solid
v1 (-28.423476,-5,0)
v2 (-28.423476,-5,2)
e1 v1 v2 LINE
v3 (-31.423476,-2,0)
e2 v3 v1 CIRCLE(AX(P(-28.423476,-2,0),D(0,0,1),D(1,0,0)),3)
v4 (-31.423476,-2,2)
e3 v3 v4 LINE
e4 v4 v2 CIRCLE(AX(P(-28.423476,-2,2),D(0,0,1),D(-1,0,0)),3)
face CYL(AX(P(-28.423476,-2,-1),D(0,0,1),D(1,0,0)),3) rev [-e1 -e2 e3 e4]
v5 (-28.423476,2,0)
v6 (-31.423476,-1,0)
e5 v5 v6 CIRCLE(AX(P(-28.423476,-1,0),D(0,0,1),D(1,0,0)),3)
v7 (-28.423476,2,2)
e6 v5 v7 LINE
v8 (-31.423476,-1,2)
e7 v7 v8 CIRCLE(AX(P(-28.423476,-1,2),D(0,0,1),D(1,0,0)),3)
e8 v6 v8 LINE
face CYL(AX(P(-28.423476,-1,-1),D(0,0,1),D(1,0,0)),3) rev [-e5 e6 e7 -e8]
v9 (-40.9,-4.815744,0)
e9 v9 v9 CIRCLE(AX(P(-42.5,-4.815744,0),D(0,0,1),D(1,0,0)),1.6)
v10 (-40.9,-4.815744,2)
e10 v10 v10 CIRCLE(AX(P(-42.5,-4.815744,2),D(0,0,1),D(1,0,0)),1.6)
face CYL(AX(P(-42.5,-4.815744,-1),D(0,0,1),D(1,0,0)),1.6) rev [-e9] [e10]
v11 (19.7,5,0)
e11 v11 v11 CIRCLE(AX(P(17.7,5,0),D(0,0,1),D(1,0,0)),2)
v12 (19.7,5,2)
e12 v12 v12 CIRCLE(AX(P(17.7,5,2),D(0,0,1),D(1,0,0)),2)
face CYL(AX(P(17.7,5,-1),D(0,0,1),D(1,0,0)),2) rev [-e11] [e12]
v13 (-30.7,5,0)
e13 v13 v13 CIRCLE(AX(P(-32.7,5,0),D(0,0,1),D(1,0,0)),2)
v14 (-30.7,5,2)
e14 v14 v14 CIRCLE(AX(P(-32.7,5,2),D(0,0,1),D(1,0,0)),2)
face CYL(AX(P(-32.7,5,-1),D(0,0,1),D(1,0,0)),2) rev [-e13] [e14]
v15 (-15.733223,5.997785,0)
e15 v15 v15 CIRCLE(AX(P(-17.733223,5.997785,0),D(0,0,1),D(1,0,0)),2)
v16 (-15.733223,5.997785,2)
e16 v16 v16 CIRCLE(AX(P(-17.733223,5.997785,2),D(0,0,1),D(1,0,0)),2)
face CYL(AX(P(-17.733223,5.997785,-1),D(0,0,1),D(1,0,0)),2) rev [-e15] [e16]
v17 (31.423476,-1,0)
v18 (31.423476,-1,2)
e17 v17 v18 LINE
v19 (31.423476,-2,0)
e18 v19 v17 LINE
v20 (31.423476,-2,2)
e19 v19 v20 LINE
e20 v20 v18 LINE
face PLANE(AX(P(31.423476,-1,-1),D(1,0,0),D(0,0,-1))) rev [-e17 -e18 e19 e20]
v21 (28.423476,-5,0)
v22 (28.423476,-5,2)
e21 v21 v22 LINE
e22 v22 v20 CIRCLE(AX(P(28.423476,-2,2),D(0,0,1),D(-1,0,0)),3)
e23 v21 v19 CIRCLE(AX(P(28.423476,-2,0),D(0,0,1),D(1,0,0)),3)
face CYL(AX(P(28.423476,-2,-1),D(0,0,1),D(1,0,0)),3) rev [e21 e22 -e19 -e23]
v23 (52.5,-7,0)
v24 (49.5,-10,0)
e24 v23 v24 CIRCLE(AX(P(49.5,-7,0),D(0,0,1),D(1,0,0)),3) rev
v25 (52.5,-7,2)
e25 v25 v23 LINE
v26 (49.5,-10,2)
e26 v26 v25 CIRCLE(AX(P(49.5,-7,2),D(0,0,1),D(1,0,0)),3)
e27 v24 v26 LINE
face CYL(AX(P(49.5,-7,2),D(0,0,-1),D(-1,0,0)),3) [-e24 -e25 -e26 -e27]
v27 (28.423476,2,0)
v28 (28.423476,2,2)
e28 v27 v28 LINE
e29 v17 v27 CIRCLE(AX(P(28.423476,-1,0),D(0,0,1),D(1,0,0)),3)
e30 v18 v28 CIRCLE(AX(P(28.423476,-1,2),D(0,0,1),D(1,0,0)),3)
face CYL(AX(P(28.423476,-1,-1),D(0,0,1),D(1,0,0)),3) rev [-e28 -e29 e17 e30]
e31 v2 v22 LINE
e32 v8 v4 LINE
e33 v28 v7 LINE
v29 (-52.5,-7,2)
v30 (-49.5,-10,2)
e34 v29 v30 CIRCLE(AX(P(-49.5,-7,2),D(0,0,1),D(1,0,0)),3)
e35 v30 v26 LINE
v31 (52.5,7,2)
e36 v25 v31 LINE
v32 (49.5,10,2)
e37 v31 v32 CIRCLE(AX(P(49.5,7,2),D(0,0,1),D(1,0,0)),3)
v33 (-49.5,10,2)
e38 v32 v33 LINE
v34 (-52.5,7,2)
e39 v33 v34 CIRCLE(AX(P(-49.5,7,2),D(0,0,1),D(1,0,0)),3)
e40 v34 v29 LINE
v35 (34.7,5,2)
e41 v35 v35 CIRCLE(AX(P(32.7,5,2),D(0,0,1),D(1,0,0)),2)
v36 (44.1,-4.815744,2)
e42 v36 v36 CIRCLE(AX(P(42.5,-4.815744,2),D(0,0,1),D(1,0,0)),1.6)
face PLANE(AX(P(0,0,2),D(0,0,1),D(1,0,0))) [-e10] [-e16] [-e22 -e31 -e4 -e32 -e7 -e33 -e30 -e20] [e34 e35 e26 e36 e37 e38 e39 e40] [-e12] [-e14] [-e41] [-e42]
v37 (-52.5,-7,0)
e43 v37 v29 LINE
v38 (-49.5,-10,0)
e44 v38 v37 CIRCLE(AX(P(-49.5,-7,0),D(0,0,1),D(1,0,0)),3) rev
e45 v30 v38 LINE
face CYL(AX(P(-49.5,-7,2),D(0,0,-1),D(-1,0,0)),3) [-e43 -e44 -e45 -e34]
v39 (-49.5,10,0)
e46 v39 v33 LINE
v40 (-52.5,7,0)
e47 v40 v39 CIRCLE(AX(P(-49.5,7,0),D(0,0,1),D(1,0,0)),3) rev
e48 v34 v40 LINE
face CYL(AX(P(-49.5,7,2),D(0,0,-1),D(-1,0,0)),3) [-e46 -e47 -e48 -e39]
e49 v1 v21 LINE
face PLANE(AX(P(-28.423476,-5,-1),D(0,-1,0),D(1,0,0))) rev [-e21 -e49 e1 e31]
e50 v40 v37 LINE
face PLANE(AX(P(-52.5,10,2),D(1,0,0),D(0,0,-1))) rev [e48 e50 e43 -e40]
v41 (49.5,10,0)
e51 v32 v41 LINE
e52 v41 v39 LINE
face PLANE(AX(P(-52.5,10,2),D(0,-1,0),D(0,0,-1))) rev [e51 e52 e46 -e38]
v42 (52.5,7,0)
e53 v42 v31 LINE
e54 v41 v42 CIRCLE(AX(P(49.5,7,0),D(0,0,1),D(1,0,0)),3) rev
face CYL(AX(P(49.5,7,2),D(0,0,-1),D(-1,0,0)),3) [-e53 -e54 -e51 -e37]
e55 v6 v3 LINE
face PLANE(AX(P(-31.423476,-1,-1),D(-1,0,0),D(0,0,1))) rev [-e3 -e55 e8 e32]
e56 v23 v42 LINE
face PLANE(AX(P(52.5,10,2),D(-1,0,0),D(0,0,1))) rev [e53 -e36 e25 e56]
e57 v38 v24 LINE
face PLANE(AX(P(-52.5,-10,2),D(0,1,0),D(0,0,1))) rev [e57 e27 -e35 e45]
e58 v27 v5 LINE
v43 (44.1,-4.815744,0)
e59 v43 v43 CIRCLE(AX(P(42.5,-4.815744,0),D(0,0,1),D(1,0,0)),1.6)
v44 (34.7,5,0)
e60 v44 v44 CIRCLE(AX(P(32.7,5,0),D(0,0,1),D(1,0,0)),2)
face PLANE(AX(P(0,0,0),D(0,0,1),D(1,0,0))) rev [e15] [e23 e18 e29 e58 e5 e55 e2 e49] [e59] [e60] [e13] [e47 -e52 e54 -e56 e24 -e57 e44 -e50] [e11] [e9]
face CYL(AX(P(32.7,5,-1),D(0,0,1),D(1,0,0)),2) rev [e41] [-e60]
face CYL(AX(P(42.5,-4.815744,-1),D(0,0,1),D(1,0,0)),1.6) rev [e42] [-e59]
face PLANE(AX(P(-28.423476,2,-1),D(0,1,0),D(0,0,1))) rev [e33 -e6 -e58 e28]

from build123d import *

# Parameters (mm, degrees)
SKETCH_1_W          = 105
SKETCH_1_H          = 20
EXTRUDE_1_DEPTH     = 2
FILLET_1_R          = 3
SKETCH_2_R          = 2
SKETCH_2_R_2        = 1.6
CUT_EXTRUDE_1_DEPTH = 3


with BuildPart() as part:
    # 草图1 → 凸台-拉伸1 (new body)
    with BuildSketch(Plane.XY):
        Rectangle(SKETCH_1_W, SKETCH_1_H)
    extrude(amount=EXTRUDE_1_DEPTH)

    # 圆角1
    fillet_1_edges = [part.edges().sort_by_distance(p)[0] for p in [
        (52.5, -10, 1),
        (-52.5, -10, 1),
        (-52.5, 10, 1),
        (52.5, 10, 1),
    ]]
    fillet(fillet_1_edges, radius=FILLET_1_R)

    # 草图2 → 切除-拉伸1 (cut)
    with BuildSketch(Plane.XY.offset(2)):
        with Locations((-32.7, 5)):
            Circle(SKETCH_2_R)
        with Locations((-17.733222632, 5.997785158)):
            Circle(SKETCH_2_R)
        with Locations((17.7, 5)):
            Circle(SKETCH_2_R)
        with Locations((32.7, 5)):
            Circle(SKETCH_2_R)
        with Locations((42.5, -4.815743551)):
            Circle(SKETCH_2_R_2)
        with Locations((-42.5, -4.815743551)):
            Circle(SKETCH_2_R_2)
        with BuildLine():
            Line((-28.423476114, 2), (28.423476114, 2))
            ThreePointArc((28.423476114, 2), (30.544796458, 1.121320344), (31.423476114, -1))
            Line((31.423476114, -1), (31.423476114, -2))
            ThreePointArc((31.423476114, -2), (30.544796458, -4.121320344), (28.423476114, -5))
            Line((28.423476114, -5), (-28.423476114, -5))
            ThreePointArc((-28.423476114, -5), (-30.544796458, -4.121320344), (-31.423476114, -2))
            Line((-31.423476114, -2), (-31.423476114, -1))
            ThreePointArc((-31.423476114, -1), (-30.544796458, 1.121320344), (-28.423476114, 2))
        make_face()
    extrude(amount=-CUT_EXTRUDE_1_DEPTH, mode=Mode.SUBTRACT)


solid = part.part
